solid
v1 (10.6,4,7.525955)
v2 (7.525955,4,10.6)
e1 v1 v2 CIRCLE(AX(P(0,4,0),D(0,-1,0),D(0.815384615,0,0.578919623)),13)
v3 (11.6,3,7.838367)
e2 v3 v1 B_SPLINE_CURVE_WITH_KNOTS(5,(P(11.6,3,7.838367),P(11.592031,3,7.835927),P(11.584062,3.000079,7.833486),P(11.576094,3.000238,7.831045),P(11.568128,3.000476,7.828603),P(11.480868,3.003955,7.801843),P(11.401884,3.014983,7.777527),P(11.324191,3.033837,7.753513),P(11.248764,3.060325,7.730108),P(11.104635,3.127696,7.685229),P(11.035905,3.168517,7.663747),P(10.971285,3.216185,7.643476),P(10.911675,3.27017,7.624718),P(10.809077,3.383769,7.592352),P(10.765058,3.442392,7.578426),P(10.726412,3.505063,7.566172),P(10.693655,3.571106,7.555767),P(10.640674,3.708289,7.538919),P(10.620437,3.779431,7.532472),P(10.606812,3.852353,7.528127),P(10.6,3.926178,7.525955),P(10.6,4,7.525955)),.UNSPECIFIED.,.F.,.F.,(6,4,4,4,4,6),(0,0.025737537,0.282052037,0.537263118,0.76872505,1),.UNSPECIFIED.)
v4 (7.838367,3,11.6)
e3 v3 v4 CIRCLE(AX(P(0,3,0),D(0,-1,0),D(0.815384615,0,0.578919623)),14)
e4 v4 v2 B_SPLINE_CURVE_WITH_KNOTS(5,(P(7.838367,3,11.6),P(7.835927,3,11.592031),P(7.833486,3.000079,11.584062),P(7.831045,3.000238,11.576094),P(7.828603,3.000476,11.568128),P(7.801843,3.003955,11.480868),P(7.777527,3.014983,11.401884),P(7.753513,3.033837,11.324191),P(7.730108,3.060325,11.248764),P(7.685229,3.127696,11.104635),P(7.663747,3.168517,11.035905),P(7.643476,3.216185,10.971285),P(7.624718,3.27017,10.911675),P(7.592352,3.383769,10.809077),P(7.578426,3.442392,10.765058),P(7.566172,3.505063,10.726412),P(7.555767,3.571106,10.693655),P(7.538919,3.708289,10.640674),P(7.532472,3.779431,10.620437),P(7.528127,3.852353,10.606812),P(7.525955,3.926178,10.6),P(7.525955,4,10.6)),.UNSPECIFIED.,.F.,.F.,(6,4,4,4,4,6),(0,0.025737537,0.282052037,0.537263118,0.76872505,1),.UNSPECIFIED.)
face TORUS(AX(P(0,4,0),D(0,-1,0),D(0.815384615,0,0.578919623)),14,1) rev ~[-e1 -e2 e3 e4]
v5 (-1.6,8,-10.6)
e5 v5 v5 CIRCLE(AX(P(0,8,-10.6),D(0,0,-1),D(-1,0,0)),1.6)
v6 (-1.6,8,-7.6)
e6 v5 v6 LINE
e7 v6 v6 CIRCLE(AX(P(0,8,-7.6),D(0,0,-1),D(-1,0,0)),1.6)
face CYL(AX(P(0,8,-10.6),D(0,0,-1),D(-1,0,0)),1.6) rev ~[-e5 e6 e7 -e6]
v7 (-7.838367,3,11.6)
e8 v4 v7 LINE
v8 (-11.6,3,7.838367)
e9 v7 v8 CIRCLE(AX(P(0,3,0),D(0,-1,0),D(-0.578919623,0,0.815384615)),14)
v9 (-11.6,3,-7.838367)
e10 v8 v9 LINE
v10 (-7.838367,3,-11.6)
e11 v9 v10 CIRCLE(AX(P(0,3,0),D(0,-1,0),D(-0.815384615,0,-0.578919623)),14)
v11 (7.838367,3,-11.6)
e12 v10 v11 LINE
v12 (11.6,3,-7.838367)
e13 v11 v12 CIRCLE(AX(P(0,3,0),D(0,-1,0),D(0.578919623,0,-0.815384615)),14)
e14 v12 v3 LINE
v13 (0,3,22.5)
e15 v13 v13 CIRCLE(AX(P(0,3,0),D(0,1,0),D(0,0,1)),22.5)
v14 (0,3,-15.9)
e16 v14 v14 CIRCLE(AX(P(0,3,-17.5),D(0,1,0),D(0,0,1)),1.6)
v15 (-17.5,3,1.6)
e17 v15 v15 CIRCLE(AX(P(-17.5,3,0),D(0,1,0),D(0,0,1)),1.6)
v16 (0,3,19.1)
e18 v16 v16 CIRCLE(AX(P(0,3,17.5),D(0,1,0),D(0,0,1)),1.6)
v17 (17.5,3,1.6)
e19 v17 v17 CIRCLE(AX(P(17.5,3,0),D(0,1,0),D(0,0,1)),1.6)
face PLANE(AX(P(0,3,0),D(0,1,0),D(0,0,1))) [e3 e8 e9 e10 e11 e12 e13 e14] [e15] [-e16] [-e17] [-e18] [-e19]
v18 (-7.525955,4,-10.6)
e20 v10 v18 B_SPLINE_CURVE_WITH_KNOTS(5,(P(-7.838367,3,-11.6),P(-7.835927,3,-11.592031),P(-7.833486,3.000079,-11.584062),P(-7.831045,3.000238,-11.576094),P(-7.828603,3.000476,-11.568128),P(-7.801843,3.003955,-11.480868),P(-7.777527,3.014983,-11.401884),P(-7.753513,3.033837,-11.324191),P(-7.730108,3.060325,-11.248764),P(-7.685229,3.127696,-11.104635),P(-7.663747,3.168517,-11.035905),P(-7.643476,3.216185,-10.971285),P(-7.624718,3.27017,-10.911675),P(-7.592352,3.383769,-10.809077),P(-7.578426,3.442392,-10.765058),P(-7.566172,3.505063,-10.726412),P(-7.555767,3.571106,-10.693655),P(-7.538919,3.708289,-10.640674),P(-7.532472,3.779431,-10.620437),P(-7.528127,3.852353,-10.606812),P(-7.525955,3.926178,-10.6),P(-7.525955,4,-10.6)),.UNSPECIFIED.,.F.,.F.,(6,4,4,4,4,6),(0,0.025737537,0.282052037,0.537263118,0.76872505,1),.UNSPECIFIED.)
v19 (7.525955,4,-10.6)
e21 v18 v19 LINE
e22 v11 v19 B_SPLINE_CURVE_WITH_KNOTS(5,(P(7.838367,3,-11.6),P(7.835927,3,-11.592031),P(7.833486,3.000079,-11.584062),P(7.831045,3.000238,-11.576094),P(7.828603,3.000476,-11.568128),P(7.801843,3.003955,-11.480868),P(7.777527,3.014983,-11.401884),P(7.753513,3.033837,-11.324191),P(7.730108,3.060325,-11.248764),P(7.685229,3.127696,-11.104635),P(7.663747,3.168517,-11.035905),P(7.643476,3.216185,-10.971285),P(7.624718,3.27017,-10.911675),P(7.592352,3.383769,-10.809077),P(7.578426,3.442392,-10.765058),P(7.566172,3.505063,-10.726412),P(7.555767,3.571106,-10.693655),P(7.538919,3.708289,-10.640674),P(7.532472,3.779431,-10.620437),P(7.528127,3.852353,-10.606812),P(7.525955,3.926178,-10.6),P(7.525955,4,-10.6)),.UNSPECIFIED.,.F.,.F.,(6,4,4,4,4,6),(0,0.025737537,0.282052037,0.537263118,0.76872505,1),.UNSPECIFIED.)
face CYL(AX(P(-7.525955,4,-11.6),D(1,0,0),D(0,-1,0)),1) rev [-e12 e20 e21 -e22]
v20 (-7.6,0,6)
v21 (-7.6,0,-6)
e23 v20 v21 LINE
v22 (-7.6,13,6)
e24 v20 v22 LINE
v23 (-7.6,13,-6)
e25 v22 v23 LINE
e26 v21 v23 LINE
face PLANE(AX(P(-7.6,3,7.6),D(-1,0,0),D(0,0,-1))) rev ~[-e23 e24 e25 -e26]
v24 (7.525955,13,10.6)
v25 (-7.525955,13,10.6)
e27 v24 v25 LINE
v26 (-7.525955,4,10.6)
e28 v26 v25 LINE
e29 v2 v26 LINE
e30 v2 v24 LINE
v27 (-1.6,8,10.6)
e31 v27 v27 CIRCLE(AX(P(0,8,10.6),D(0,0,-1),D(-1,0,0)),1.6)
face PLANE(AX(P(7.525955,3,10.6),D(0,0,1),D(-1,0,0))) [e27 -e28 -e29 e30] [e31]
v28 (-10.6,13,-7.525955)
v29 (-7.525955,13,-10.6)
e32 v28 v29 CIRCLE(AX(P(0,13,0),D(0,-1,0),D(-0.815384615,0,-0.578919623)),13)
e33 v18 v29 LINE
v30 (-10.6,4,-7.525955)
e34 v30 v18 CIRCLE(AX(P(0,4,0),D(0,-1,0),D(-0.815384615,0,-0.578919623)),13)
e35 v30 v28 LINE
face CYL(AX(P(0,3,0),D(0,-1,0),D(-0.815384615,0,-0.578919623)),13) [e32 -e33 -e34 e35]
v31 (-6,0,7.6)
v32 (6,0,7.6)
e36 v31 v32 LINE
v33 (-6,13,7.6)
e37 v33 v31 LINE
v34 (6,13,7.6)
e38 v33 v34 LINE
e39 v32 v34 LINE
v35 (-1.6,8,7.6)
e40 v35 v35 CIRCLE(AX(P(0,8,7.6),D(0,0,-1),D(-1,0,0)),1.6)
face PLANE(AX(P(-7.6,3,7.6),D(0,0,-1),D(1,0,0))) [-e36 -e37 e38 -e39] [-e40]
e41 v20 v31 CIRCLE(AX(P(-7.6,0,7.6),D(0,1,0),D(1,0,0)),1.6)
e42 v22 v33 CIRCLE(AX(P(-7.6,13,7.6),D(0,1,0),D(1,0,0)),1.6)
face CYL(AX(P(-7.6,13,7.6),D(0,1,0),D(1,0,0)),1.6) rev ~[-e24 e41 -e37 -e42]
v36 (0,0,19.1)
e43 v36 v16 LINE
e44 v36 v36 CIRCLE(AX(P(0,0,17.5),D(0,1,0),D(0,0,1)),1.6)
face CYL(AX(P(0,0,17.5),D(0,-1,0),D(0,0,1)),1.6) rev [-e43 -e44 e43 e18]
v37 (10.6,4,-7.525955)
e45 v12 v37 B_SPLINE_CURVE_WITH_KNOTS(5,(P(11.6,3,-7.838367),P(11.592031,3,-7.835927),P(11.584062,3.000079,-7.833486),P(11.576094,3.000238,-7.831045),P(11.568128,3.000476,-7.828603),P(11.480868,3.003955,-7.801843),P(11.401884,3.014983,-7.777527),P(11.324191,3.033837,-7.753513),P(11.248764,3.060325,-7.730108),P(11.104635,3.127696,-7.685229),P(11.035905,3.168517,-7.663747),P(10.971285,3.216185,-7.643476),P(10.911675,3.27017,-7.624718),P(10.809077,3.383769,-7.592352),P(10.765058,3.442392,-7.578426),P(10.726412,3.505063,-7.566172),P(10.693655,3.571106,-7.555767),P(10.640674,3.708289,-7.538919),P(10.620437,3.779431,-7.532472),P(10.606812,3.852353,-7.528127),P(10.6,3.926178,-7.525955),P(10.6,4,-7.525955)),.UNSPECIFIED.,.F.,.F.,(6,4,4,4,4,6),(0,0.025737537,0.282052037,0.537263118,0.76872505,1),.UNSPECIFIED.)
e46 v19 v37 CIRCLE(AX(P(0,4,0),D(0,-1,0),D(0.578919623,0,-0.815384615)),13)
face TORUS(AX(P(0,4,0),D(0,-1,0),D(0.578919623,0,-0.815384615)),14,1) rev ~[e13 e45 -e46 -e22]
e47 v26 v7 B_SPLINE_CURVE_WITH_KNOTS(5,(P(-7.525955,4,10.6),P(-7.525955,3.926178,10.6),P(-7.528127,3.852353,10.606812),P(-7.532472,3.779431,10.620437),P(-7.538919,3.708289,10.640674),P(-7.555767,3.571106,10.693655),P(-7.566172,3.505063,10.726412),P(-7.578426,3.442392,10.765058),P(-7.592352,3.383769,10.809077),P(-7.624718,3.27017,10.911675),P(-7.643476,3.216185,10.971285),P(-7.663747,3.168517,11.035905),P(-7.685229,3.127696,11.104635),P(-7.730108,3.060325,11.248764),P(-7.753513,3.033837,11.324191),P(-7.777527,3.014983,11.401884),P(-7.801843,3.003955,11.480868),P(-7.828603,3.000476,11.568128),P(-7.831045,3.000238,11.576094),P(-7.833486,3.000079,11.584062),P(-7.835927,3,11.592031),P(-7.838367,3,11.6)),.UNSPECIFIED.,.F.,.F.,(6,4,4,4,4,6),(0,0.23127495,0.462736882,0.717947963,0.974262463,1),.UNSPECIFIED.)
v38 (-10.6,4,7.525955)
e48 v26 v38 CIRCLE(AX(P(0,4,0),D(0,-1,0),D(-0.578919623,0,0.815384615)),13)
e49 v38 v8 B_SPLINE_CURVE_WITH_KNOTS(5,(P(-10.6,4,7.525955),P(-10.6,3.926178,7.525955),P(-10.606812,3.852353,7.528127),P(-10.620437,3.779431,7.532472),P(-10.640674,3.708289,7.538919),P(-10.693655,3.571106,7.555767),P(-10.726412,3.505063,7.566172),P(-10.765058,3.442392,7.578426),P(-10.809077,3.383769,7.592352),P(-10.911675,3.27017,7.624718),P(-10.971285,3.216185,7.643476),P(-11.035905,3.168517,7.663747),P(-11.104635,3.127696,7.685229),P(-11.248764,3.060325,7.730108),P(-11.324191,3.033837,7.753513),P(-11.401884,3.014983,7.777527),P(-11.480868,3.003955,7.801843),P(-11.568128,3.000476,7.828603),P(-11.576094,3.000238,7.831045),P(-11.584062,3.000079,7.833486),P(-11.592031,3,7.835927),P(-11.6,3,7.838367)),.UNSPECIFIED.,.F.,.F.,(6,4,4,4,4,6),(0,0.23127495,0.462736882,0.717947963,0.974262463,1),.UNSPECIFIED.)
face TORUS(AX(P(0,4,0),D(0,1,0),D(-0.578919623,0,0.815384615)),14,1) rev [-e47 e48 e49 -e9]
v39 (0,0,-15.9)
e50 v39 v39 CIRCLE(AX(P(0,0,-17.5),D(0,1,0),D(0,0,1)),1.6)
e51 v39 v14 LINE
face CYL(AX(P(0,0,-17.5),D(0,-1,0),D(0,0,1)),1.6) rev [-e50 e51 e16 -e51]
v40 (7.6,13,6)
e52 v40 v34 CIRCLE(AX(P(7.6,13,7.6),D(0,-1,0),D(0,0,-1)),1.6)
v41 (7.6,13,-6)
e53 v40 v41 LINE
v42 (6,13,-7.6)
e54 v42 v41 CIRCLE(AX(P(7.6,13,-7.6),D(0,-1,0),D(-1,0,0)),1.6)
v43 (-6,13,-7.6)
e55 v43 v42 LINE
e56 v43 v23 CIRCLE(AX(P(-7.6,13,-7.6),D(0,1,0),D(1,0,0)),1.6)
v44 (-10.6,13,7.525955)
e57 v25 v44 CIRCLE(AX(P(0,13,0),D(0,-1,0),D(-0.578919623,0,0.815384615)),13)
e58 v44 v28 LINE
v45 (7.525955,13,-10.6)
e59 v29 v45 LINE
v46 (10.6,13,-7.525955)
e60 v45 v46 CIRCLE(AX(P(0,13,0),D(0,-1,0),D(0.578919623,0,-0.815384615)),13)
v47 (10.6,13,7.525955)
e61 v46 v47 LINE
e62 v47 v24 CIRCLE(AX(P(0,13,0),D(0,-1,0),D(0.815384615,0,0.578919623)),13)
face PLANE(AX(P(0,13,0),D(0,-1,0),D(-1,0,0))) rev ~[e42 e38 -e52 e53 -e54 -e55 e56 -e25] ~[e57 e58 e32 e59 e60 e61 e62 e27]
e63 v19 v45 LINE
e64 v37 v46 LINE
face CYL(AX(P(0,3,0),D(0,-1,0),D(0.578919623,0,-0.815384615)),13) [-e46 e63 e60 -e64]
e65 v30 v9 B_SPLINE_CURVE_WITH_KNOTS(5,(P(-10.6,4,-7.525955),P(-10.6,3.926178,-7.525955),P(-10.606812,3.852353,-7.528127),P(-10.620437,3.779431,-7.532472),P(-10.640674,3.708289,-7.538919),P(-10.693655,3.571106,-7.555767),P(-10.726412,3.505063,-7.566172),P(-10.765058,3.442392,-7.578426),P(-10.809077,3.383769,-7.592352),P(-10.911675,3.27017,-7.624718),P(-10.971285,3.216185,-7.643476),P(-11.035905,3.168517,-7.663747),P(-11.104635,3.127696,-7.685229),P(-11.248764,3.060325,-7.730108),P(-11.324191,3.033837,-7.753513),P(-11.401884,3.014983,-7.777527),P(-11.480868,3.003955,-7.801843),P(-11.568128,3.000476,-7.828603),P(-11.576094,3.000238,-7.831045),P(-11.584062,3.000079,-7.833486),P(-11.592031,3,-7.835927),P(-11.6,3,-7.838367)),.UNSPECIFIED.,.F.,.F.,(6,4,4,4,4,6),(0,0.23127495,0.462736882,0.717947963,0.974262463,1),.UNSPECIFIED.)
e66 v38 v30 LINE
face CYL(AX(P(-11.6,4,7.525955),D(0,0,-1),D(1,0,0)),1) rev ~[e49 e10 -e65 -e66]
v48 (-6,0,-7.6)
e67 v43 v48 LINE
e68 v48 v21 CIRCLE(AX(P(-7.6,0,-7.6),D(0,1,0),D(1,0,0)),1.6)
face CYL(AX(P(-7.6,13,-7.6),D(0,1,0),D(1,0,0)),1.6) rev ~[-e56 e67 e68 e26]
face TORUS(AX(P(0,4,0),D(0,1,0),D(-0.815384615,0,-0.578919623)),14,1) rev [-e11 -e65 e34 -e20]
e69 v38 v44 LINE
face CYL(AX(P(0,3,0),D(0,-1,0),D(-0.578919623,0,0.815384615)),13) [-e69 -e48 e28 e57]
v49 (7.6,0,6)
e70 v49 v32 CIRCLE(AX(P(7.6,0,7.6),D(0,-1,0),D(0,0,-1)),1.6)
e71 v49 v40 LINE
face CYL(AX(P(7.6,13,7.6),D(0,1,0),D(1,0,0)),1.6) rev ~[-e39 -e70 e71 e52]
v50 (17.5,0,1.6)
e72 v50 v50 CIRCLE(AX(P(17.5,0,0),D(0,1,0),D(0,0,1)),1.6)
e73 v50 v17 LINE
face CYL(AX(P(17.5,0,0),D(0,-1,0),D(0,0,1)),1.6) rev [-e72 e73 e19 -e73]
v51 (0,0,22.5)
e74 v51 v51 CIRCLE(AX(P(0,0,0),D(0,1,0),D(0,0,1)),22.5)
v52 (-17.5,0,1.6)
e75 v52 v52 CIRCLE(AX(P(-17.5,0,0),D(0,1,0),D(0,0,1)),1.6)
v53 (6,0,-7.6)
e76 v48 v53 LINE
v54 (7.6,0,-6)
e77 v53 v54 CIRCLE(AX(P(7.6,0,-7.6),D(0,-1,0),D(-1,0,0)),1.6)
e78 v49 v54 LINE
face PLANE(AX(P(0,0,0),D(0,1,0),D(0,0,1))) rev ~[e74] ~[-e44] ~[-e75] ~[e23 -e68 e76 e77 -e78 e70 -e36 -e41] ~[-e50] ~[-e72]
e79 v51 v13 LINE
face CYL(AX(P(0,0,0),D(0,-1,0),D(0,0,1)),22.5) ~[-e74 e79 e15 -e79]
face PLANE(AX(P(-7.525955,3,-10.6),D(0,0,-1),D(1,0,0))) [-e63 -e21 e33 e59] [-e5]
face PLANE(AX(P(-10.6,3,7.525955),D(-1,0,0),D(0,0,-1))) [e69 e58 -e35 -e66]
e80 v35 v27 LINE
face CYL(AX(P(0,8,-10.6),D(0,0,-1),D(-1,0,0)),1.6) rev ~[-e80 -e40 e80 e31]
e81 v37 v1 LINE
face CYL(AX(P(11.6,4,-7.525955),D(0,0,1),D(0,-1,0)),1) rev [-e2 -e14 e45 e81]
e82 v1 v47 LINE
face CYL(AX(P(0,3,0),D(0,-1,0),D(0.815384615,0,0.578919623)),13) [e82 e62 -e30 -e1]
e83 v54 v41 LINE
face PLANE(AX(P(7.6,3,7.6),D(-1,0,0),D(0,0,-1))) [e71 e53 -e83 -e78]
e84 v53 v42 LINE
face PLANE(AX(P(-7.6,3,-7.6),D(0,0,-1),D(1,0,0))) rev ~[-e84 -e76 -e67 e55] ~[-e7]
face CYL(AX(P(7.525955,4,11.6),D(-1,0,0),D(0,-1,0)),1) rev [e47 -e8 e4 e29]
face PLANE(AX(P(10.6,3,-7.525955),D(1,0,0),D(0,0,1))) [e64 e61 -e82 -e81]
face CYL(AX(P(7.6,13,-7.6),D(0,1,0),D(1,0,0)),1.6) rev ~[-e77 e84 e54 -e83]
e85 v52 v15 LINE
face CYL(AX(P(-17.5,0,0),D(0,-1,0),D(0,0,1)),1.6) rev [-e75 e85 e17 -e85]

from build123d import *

# Parameters (mm, degrees)
SKETCH_1_R          = 22.5
SKETCH_1_R_2        = 1.6
SKETCH_1_W          = 15.2
SKETCH_1_H          = 15.2
EXTRUDE_1_DEPTH     = 3
SKETCH_2_W          = 15.2
SKETCH_2_H          = 15.2
EXTRUDE_2_DEPTH     = 10
SKETCH_3_R          = 1.6
CUT_EXTRUDE_1_DEPTH = 43.081587423
FILLET_1_R          = 1
SKETCH_4_R          = 1.6
CUT_EXTRUDE_2_DEPTH = 35.372954485


with BuildPart() as part:
    # 草图1 → 凸台-拉伸1 (new body)
    with BuildSketch(Plane(origin=(0, 0, 0), x_dir=(1, 0, 0), z_dir=(0, 1, 0))):
        with Locations(Location((0, 0, 0), (0, 0, 270))):
            Circle(SKETCH_1_R)
        with Locations(Location((0, 17.5, 0), (0, 0, 270))):
            Circle(SKETCH_1_R_2, mode=Mode.SUBTRACT)
        with Locations(Location((17.5, 0, 0), (0, 0, 270))):
            Circle(SKETCH_1_R_2, mode=Mode.SUBTRACT)
        with Locations(Location((0, -17.5, 0), (0, 0, 270))):
            Circle(SKETCH_1_R_2, mode=Mode.SUBTRACT)
        with Locations(Location((-17.5, 0, 0), (0, 0, 270))):
            Circle(SKETCH_1_R_2, mode=Mode.SUBTRACT)
        Rectangle(SKETCH_1_W, SKETCH_1_H, mode=Mode.SUBTRACT)
    extrude(amount=EXTRUDE_1_DEPTH)

    # 草图2 → 凸台-拉伸2 (add)
    with BuildSketch(Plane(origin=(0, 3, 0), x_dir=(1, 0, 0), z_dir=(0, 1, 0))):
        with BuildLine():
            Line((-10.6, -7.525955089), (-10.6, 7.525955089))
            ThreePointArc((-10.6, 7.525955089), (-9.192388155, 9.192388155), (-7.525955089, 10.6))
            Line((-7.525955089, 10.6), (7.525955089, 10.6))
            ThreePointArc((7.525955089, 10.6), (9.192388155, 9.192388155), (10.6, 7.525955089))
            Line((10.6, 7.525955089), (10.6, -7.525955089))
            ThreePointArc((10.6, -7.525955089), (9.192388155, -9.192388155), (7.525955089, -10.6))
            Line((7.525955089, -10.6), (-7.525955089, -10.6))
            ThreePointArc((-7.525955089, -10.6), (-9.192388155, -9.192388155), (-10.6, -7.525955089))
        make_face()
        Rectangle(SKETCH_2_W, SKETCH_2_H, mode=Mode.SUBTRACT)
    extrude(amount=EXTRUDE_2_DEPTH)

    # 草图3 → 切除-拉伸1 (cut, through all)
    with BuildSketch(Plane(origin=(0, 0, -10.6), x_dir=(-1, 0, 0), z_dir=(0, 0, -1))):
        with Locations((0, 8)):
            Circle(SKETCH_3_R)
    extrude(amount=-CUT_EXTRUDE_1_DEPTH, mode=Mode.SUBTRACT)

    # 圆角1
    fillet_1_edges = [part.edges().sort_by_distance(p)[0] for p in [
        (9.192388155, 3, 9.192388155),
        (10.6, 3, 0),
        (9.192388155, 3, -9.192388155),
        (0, 3, -10.6),
        (-9.192388155, 3, -9.192388155),
        (-10.6, 3, 0),
        (-9.192388155, 3, 9.192388155),
        (0, 3, 10.6),
    ]]
    fillet(fillet_1_edges, radius=FILLET_1_R)

    # 草图4 → 切除-拉伸2 (cut, through all)
    with BuildSketch(Plane(origin=(0, 13, 0), x_dir=(1, 0, 0), z_dir=(0, 1, 0))):
        with Locations((7.6, 7.6)):
            Circle(SKETCH_4_R)
        with Locations((7.6, -7.6)):
            Circle(SKETCH_4_R)
        with Locations((-7.6, -7.6)):
            Circle(SKETCH_4_R)
        with Locations((-7.6, 7.6)):
            Circle(SKETCH_4_R)
    extrude(amount=-CUT_EXTRUDE_2_DEPTH, mode=Mode.SUBTRACT)


solid = part.part
